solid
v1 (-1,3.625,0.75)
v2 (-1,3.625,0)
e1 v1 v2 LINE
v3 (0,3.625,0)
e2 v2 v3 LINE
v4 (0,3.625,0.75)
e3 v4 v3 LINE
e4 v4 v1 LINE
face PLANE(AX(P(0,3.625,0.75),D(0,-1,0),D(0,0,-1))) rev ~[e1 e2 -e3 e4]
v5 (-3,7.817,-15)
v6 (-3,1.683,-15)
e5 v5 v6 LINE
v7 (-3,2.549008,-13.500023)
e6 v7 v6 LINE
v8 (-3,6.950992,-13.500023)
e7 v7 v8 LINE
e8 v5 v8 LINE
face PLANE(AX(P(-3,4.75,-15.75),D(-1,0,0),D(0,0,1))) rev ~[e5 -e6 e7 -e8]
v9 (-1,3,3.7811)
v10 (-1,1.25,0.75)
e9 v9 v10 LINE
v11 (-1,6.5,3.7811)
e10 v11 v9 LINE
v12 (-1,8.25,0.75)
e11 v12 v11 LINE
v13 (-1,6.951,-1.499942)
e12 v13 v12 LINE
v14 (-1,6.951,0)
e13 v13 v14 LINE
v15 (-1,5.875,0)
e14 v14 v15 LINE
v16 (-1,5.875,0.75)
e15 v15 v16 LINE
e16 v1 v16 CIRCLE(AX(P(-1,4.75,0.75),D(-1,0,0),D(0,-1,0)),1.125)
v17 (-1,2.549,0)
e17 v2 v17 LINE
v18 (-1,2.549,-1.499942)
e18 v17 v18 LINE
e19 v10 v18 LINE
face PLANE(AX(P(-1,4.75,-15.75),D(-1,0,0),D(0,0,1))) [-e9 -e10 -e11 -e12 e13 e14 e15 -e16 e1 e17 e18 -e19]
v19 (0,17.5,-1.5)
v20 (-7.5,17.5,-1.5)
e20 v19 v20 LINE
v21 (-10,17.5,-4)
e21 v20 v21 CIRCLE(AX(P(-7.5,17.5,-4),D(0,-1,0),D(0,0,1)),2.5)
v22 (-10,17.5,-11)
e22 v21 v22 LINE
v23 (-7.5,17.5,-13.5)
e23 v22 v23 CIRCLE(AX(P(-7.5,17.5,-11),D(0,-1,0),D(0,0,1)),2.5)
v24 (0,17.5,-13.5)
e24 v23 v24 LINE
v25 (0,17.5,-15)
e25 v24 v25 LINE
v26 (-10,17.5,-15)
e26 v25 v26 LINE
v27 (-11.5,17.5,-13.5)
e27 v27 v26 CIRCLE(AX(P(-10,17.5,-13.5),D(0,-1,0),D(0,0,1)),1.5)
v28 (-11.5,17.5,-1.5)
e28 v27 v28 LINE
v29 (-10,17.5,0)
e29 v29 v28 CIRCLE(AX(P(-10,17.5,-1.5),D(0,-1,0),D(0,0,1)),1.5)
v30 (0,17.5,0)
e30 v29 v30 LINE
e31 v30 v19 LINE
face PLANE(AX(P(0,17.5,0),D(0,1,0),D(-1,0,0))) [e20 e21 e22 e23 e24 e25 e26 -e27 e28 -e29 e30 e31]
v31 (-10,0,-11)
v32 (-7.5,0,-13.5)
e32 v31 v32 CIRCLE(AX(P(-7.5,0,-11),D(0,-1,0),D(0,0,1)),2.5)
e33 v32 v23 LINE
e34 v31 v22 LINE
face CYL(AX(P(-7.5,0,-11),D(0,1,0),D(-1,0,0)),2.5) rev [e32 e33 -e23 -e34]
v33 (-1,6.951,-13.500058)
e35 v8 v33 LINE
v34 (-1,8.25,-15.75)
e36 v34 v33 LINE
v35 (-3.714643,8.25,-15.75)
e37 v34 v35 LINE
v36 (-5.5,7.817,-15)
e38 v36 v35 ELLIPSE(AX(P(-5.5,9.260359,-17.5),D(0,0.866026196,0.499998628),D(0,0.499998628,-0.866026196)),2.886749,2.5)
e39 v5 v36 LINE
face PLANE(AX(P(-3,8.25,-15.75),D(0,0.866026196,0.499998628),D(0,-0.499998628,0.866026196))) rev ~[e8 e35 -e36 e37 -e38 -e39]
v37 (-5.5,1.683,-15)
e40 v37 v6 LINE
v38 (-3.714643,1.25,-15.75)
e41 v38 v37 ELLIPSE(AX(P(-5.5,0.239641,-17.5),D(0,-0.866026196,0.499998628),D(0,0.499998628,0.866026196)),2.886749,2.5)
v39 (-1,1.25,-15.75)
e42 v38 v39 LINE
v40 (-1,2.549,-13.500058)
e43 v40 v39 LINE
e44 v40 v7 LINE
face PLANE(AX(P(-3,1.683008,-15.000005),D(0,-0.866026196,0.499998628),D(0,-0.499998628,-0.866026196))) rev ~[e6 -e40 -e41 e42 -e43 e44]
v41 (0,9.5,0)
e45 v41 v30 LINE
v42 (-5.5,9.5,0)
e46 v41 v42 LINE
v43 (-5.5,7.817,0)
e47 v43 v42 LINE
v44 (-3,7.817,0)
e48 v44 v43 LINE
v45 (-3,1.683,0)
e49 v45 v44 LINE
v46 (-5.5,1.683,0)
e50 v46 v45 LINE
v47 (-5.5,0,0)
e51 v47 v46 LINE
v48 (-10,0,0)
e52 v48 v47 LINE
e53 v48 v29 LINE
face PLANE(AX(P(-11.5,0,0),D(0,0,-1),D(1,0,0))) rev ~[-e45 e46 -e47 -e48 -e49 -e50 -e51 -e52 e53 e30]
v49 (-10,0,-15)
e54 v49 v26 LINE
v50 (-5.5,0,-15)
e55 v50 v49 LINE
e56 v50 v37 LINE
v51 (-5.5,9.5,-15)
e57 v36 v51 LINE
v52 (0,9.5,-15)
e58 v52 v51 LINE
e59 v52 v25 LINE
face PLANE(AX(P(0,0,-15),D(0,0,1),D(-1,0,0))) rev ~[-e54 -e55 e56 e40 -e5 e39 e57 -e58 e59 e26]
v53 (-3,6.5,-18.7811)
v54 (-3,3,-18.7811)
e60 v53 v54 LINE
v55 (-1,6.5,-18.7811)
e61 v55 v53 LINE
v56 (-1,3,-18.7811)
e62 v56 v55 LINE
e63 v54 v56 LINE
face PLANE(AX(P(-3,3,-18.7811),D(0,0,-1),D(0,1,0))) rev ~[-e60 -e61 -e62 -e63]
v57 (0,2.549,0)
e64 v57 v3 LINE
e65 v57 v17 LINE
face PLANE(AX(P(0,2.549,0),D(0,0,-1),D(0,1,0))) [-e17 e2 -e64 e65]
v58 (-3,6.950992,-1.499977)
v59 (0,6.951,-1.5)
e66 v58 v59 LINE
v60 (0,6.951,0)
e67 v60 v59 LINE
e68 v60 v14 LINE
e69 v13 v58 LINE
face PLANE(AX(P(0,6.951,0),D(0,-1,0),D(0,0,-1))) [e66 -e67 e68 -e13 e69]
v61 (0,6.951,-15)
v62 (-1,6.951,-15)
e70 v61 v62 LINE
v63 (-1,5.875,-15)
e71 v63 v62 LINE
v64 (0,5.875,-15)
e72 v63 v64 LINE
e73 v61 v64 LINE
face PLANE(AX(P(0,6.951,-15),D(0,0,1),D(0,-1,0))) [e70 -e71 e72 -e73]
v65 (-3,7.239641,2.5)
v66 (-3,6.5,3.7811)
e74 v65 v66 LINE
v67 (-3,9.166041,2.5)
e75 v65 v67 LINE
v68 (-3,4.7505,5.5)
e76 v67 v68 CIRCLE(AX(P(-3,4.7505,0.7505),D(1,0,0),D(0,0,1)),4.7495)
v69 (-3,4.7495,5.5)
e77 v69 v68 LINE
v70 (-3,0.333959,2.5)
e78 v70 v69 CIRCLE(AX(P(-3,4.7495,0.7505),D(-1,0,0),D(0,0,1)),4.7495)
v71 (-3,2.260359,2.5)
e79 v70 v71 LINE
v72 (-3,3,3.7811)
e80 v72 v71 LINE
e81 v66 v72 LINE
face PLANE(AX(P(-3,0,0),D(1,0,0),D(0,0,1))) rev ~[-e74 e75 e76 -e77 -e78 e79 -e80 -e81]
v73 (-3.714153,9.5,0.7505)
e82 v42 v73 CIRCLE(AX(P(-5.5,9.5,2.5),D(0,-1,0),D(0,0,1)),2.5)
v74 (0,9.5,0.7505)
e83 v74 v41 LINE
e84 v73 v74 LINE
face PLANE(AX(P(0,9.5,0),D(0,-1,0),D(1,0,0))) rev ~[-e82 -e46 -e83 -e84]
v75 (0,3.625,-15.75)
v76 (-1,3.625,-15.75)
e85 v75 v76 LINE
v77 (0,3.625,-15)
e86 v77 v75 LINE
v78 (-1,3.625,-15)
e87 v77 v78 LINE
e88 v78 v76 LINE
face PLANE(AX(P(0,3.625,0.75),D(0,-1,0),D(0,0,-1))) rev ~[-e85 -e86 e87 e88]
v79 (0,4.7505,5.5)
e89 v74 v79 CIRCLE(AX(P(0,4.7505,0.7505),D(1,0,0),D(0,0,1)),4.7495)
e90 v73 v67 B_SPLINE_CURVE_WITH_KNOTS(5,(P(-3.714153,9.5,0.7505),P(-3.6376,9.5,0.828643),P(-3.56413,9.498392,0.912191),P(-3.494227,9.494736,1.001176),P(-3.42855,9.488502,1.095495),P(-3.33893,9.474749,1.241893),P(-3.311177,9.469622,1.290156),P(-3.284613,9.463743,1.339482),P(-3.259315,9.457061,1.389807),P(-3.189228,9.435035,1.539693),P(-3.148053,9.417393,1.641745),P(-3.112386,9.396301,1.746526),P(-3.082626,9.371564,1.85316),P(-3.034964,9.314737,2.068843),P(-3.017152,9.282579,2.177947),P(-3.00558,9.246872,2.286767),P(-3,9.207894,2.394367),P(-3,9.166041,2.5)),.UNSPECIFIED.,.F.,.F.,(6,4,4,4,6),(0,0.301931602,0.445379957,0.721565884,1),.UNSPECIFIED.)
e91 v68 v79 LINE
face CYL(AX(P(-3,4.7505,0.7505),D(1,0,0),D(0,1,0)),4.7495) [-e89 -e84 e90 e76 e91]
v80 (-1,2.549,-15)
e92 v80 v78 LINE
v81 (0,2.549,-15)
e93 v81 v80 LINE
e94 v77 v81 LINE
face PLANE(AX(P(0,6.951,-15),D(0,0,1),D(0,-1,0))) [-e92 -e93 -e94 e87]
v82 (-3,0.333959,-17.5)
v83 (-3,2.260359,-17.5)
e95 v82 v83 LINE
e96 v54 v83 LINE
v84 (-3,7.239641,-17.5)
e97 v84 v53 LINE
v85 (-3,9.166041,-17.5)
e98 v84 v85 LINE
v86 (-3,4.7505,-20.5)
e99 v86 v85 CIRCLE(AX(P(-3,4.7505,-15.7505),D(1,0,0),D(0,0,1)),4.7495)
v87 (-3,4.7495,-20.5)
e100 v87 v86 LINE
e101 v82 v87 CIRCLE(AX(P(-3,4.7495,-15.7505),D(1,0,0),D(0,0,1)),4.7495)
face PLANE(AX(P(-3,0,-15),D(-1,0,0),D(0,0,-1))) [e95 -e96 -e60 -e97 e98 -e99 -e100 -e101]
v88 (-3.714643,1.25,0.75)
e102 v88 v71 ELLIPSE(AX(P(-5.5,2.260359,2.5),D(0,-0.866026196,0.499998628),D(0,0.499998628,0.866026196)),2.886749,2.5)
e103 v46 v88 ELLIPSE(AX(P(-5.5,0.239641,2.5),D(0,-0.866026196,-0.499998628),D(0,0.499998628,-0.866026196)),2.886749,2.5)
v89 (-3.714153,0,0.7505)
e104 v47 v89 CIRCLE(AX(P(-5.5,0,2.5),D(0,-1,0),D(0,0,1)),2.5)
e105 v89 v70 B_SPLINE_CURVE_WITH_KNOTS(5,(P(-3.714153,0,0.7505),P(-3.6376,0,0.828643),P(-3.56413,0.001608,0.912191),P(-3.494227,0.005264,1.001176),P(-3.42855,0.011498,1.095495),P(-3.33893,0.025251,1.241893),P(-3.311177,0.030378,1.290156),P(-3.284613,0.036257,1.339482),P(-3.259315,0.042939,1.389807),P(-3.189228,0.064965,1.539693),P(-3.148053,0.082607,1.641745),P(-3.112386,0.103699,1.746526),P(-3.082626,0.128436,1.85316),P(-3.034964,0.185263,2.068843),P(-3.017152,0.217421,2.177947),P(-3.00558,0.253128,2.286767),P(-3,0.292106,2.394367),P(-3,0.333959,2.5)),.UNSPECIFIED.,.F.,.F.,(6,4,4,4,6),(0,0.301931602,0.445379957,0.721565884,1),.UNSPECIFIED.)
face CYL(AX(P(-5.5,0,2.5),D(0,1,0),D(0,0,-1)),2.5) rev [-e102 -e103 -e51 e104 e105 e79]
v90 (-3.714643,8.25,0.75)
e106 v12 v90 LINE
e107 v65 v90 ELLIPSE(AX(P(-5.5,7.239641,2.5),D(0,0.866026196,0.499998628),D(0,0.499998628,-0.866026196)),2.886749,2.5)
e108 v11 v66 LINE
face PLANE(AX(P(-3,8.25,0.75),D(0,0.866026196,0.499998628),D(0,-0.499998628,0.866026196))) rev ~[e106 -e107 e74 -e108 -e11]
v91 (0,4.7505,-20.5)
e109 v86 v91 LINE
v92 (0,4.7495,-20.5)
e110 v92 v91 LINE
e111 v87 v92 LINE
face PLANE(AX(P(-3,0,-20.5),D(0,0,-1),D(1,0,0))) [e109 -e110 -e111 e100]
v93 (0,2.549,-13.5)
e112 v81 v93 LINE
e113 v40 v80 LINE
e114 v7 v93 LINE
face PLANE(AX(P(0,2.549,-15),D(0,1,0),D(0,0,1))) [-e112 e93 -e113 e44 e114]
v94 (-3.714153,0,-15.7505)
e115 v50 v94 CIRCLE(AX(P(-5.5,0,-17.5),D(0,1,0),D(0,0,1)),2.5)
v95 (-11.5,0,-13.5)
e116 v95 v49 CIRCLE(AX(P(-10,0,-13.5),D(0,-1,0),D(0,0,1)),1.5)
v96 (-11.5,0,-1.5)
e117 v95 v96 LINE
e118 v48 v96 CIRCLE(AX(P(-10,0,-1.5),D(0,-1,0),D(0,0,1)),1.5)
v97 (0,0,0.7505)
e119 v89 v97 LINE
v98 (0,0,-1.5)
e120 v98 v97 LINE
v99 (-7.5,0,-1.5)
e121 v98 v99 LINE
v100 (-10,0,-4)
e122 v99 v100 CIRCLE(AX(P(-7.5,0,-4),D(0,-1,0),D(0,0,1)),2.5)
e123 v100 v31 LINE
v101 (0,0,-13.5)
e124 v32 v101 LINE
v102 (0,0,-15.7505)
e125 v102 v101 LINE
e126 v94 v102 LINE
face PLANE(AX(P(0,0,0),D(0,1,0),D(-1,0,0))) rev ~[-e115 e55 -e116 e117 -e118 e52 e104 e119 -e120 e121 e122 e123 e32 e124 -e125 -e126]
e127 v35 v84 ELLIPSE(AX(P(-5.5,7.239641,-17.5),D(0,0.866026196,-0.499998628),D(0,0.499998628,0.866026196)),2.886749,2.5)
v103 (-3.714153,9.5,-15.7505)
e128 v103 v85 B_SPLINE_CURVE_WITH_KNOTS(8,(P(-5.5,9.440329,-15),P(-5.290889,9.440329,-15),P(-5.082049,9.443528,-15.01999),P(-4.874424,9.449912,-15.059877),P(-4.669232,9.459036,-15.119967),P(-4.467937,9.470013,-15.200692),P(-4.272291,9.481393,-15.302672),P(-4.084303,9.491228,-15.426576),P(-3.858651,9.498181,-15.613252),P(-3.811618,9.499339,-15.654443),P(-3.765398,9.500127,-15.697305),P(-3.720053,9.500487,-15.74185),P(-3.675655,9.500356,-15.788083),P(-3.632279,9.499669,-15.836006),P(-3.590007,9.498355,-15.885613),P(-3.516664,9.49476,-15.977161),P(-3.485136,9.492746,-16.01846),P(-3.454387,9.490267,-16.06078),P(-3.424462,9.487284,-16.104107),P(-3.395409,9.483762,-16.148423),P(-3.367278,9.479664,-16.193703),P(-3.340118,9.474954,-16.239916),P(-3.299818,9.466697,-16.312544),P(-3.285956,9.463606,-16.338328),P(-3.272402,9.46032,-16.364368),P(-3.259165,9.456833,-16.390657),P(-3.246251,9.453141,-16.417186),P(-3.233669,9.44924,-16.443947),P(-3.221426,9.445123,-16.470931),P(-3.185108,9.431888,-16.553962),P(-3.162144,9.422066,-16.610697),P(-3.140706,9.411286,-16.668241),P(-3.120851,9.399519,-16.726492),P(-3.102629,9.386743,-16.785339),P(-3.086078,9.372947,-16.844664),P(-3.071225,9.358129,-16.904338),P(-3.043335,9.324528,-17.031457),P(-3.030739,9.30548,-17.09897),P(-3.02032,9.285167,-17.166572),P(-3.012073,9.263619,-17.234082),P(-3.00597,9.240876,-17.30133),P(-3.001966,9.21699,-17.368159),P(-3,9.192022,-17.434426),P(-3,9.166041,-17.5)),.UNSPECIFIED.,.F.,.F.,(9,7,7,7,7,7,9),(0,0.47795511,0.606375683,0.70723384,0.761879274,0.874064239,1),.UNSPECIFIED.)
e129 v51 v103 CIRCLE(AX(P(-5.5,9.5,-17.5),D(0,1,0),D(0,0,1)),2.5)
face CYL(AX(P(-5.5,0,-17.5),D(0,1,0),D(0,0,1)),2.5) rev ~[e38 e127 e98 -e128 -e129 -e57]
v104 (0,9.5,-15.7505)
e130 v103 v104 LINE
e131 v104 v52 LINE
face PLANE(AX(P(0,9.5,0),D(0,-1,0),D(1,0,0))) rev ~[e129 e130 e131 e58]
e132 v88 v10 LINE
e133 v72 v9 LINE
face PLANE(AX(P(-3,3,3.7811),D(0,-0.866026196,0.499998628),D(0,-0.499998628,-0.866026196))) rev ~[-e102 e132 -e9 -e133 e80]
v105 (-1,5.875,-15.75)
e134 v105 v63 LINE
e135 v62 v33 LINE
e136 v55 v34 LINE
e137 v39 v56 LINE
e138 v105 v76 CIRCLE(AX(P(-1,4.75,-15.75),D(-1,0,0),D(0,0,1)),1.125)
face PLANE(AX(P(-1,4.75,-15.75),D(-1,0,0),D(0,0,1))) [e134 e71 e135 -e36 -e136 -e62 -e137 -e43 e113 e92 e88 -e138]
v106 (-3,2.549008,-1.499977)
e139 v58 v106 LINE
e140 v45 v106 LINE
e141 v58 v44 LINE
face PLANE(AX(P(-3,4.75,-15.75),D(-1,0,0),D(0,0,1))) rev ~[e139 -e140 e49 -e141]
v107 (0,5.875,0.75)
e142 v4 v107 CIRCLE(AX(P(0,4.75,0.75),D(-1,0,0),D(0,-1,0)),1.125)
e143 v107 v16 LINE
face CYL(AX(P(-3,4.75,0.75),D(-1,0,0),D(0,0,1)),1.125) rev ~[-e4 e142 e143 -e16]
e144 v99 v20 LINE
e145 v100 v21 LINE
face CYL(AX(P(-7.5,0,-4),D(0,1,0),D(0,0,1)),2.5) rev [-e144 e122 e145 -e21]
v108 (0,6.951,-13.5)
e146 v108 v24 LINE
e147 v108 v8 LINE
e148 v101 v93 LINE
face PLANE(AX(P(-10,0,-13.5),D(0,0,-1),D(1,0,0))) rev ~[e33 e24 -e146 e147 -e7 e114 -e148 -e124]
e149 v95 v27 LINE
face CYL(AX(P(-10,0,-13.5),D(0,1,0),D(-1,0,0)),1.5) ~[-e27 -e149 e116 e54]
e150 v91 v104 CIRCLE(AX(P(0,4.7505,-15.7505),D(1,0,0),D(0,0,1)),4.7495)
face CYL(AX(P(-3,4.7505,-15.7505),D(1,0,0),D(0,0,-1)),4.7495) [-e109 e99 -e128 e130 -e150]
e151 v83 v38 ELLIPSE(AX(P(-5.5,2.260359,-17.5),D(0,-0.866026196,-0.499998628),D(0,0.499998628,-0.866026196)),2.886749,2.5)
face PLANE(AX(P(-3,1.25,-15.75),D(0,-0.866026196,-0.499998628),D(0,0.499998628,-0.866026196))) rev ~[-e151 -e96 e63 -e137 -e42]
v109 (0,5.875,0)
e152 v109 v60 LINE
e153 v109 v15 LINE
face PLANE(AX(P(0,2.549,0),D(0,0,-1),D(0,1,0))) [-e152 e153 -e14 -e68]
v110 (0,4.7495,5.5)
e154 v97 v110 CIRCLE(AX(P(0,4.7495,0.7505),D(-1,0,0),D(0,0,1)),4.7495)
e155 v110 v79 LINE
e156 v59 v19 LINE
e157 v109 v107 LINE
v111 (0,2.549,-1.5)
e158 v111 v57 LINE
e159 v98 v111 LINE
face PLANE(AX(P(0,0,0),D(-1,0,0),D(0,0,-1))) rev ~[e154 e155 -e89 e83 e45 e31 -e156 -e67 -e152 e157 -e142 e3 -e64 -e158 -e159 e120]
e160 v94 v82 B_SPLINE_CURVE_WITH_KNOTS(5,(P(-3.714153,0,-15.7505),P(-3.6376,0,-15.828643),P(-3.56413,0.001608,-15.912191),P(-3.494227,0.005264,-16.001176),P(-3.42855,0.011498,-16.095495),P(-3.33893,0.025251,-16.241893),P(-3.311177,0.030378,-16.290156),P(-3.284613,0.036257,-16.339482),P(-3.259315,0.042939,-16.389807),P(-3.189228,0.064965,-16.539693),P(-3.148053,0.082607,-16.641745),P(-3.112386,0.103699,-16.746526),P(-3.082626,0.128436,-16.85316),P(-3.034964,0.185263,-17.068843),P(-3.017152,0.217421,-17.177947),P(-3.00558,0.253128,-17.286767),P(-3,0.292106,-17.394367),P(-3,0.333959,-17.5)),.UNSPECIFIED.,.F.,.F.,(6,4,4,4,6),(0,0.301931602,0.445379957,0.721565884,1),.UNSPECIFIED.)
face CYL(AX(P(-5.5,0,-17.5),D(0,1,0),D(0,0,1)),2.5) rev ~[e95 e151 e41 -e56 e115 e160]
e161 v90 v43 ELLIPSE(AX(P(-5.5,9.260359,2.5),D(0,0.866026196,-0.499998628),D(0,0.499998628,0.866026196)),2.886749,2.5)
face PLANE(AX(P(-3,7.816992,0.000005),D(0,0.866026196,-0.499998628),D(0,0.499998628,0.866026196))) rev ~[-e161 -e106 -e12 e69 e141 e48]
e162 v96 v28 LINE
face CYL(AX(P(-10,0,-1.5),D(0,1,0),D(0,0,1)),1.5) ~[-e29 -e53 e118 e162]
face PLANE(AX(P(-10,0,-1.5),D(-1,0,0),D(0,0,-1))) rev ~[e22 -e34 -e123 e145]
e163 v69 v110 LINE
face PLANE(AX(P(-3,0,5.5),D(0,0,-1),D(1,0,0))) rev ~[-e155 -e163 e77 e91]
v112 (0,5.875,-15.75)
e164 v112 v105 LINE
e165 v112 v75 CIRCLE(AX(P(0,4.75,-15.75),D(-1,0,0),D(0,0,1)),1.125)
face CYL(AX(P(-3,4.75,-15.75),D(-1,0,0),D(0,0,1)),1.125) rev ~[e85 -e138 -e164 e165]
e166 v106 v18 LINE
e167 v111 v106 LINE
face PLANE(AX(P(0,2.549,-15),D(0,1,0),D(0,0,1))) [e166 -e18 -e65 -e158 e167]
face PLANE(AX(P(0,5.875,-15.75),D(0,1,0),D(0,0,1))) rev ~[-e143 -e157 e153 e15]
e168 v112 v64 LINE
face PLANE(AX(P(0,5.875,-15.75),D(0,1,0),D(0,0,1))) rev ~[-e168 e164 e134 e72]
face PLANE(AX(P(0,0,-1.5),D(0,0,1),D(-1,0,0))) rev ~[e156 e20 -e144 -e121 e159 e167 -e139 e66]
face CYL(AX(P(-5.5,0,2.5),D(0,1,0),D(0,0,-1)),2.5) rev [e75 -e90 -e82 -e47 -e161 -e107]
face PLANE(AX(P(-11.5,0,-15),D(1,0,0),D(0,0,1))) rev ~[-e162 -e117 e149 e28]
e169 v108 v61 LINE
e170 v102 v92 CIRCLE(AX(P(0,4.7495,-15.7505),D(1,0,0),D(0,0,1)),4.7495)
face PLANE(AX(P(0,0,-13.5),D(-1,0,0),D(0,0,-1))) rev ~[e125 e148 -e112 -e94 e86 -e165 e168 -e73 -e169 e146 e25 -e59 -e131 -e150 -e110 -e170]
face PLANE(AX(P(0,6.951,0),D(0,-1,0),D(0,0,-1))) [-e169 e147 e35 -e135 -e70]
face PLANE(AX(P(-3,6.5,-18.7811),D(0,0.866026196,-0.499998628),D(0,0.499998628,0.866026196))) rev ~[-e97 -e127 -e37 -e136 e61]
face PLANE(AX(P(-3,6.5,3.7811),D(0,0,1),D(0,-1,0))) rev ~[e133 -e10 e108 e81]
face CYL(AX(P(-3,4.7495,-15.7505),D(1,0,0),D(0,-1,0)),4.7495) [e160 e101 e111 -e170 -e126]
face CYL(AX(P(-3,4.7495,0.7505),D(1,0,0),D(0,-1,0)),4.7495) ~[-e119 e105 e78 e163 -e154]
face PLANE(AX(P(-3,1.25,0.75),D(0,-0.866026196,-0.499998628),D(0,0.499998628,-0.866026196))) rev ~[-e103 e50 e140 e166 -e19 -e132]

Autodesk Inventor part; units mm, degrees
ref_plane "YZ Plane" through (0, 0, 0) normal (1, 0, 0) x (0, 1, 0)
ref_plane "XZ Plane" through (0, 0, 0) normal (0, 1, 0) x (-1, 0, 0)
ref_plane "XY Plane" through (0, 0, 0) normal (0, 0, 1) x (1, 0, 0)
sketch "Sketch1" plane through (0, 0, 0) normal (0, 1, 0) x (-1, 0, 0)
  line L0 (0, 0) -> (0, -1.5)
  line L1 (0, -1.5) -> (10, -1.5)
  line L2 (10, -1.5) -> (10, -13.5)
  line L3 (10, -13.5) -> (0, -13.5)
  line L4 (0, -13.5) -> (0, -15)
  line L5 (0, -15) -> (11.5, -15)
  line L6 (11.5, -15) -> (11.5, 0)
  line L7 (11.5, 0) -> (0, 0)
  dimension "d0" = 1.5
  dimension "d1" = 1.5
  dimension "d2" = 1.5
  dimension "d3" = 10
  dimension "d4" = 12
extrude "Extrusion1" add sketch "Sketch1" along normal blind 17.5
fillet "Fillet1" radius 1.5 2 edges at (-11.5, 8.75, 0) (-11.5, 8.75, -15)
fillet "Fillet2" radius 2.5 2 edges at (-10, 8.75, -13.5) (-10, 8.75, -1.5)
sketch "Sketch2" plane through (0, 0, 0) normal (0, -1, 0) x (1, 0, 0)
  line L0 (0, 0) -> (-3, 0)
  line L1 (-3, 0) -> (-3, 5.5)
  line L2 (-3, 5.5) -> (0, 5.5)
  line L3 (0, 5.5) -> (0, 0)
  line L4 (0, -15) -> (-10, -15) projected
  line L5 (0, -15) -> (-3, -15)
  line L6 (-3, -15) -> (-3, -20.5)
  line L7 (-3, -20.5) -> (0, -20.5)
  line L8 (0, -20.5) -> (0, -15)
  dimension "d9" = 3
  dimension "d10" = 5.5
extrude "Extrusion2" add sketch "Sketch2" against normal blind 9.5
fillet "Fillet3" radius 4.75 4 edges at (-1.5, 0, 5.5) (-1.5, 9.5, 5.5) (-1.5, 0, -20.5) (-1.5, 9.5, -20.5)
fillet "Fillet4" radius 2.5 2 edges at (-3, 4.75, -15) (-3, 4.75, 0)
sketch "Sketch3" plane through (-3, 4.75, -15.75) normal (-1, 0, 0) x (0, 0, 1)
  arc A0 (0, 4.75) -> (0, -4.75) centre (0, 0) ccw projected
  circle A1 centre (0, 0) radius 3.5
  line L0 (-3.0311, -1.75) -> (-3.0311, 1.75)
  line L1 (-3.0311, 1.75) -> (0, 3.5)
  line L2 (0, 3.5) -> (3.0311, 1.75)
  line L3 (3.0311, 1.75) -> (3.0311, -1.75)
  line L4 (3.0311, -1.75) -> (0, -3.5)
  line L5 (0, -3.5) -> (-3.0311, -1.75)
  line L6 (2.25, -4.75) -> (2.25, 12.75) projected
  circle A2 centre (0, 0) radius 1.125
  line L7 (0.75, -4.75) -> (0.75, 4.75) projected
  line L8 (0.75, 3.067) -> (0.75, -3.067)
  arc A3 (18.25, -4.4159) -> (18.25, 4.4159) centre (16.5, 0) ccw projected
  line L9 (19.5311, 1.75) -> (19.5311, -1.75)
  line L10 (19.5311, -1.75) -> (16.5, -3.5)
  line L11 (16.5, -3.5) -> (13.4689, -1.75)
  line L12 (13.4689, -1.75) -> (13.4689, 1.75)
  line L13 (13.4689, 1.75) -> (16.5, 3.5)
  line L14 (16.5, 3.5) -> (19.5311, 1.75)
  line L15 (14.25, 12.75) -> (14.25, -4.75) projected
  line L16 (15.75, -4.75) -> (15.75, 12.75) projected
  line L17 (15.75, -3.067) -> (15.75, 3.067)
  circle A4 centre (16.5, 0) radius 1.125
  point P0 (2.25, -2.201)
  point P1 (2.25, 2.201)
  point P2 (0.75, 0.8385)
  point P3 (0.75, -0.8385)
  point P4 (15.75, 0.8385)
  point P5 (15.75, -0.8385)
  point P6 (14.25, 2.201)
  point P7 (14.25, -2.201)
  dimension "d15" = 3.5
  dimension "d16" = 2.25
  dimension "d25" = 2.25
extrude "Extrusion3" cut sketch "Sketch3" along normal blind 10 and the other way blind 2 contours L7 A2 L4 L5 L0 L1 L2 | L7 A2 | L9 L10 L11 L16 A4 L13 L14 | A4 L16 picked at (0.2626, -0.3643) picked at (16.8752, 0.2073)
extrude "Extrusion4" cut sketch "Sketch3" against normal through all contours L7 A2 | A2 L7 | A4 L16 | L16 A4
extrude "Extrusion5" cut sketch "Sketch3" against normal up to surface (2 mm away) contours L6 L4 L7 A2 L2 | L16 A4 L11 L15 L13
sketch "Sketch4" plane through (0, 0, -13.5) normal (1, 0, 0) x (0, 0, -1)
  circle A0 centre (2.25, 4.75) radius 1.125 projected
  line L0 (2.25, 5.875) -> (-14.25, 5.875)
  line L1 (-14.25, 5.875) -> (-14.25, 3.625)
  line L2 (-14.25, 3.625) -> (2.25, 3.625)
  line L3 (2.25, 3.625) -> (2.25, 5.875)
  circle A1 centre (-14.25, 4.75) radius 1.125 projected
  point P0 (-13.5, 0)
  point P1 (2.25, 3.625)
extrude "Extrusion6" cut sketch "Sketch4" against normal up to surface (1 mm away) contours A0 L2 A1 L0
sketch "Sketch5" plane through (0, 17.5, 0) normal (1, 0, 0) x (0, 0, -1)
  line L0 (0, -17.5) -> (0, 0) projected
  line L1 (15, -9.683) -> (15, -15.817) projected
  line L2 (0, -10.549) -> (15, -10.549)
  line L3 (15, -10.549) -> (15, -14.951)
  line L4 (15, -14.951) -> (0, -14.951)
  line L5 (0, -14.951) -> (0, -10.549)
  point P0 (13.5, -14.951)
  point P1 (1.5, -10.549)
  point P2 (0, -14.951)
extrude "Extrusion7" cut sketch "Sketch5" against normal up to surface (3 mm away)
properties part number "Pololu_MicroMotorMount"
